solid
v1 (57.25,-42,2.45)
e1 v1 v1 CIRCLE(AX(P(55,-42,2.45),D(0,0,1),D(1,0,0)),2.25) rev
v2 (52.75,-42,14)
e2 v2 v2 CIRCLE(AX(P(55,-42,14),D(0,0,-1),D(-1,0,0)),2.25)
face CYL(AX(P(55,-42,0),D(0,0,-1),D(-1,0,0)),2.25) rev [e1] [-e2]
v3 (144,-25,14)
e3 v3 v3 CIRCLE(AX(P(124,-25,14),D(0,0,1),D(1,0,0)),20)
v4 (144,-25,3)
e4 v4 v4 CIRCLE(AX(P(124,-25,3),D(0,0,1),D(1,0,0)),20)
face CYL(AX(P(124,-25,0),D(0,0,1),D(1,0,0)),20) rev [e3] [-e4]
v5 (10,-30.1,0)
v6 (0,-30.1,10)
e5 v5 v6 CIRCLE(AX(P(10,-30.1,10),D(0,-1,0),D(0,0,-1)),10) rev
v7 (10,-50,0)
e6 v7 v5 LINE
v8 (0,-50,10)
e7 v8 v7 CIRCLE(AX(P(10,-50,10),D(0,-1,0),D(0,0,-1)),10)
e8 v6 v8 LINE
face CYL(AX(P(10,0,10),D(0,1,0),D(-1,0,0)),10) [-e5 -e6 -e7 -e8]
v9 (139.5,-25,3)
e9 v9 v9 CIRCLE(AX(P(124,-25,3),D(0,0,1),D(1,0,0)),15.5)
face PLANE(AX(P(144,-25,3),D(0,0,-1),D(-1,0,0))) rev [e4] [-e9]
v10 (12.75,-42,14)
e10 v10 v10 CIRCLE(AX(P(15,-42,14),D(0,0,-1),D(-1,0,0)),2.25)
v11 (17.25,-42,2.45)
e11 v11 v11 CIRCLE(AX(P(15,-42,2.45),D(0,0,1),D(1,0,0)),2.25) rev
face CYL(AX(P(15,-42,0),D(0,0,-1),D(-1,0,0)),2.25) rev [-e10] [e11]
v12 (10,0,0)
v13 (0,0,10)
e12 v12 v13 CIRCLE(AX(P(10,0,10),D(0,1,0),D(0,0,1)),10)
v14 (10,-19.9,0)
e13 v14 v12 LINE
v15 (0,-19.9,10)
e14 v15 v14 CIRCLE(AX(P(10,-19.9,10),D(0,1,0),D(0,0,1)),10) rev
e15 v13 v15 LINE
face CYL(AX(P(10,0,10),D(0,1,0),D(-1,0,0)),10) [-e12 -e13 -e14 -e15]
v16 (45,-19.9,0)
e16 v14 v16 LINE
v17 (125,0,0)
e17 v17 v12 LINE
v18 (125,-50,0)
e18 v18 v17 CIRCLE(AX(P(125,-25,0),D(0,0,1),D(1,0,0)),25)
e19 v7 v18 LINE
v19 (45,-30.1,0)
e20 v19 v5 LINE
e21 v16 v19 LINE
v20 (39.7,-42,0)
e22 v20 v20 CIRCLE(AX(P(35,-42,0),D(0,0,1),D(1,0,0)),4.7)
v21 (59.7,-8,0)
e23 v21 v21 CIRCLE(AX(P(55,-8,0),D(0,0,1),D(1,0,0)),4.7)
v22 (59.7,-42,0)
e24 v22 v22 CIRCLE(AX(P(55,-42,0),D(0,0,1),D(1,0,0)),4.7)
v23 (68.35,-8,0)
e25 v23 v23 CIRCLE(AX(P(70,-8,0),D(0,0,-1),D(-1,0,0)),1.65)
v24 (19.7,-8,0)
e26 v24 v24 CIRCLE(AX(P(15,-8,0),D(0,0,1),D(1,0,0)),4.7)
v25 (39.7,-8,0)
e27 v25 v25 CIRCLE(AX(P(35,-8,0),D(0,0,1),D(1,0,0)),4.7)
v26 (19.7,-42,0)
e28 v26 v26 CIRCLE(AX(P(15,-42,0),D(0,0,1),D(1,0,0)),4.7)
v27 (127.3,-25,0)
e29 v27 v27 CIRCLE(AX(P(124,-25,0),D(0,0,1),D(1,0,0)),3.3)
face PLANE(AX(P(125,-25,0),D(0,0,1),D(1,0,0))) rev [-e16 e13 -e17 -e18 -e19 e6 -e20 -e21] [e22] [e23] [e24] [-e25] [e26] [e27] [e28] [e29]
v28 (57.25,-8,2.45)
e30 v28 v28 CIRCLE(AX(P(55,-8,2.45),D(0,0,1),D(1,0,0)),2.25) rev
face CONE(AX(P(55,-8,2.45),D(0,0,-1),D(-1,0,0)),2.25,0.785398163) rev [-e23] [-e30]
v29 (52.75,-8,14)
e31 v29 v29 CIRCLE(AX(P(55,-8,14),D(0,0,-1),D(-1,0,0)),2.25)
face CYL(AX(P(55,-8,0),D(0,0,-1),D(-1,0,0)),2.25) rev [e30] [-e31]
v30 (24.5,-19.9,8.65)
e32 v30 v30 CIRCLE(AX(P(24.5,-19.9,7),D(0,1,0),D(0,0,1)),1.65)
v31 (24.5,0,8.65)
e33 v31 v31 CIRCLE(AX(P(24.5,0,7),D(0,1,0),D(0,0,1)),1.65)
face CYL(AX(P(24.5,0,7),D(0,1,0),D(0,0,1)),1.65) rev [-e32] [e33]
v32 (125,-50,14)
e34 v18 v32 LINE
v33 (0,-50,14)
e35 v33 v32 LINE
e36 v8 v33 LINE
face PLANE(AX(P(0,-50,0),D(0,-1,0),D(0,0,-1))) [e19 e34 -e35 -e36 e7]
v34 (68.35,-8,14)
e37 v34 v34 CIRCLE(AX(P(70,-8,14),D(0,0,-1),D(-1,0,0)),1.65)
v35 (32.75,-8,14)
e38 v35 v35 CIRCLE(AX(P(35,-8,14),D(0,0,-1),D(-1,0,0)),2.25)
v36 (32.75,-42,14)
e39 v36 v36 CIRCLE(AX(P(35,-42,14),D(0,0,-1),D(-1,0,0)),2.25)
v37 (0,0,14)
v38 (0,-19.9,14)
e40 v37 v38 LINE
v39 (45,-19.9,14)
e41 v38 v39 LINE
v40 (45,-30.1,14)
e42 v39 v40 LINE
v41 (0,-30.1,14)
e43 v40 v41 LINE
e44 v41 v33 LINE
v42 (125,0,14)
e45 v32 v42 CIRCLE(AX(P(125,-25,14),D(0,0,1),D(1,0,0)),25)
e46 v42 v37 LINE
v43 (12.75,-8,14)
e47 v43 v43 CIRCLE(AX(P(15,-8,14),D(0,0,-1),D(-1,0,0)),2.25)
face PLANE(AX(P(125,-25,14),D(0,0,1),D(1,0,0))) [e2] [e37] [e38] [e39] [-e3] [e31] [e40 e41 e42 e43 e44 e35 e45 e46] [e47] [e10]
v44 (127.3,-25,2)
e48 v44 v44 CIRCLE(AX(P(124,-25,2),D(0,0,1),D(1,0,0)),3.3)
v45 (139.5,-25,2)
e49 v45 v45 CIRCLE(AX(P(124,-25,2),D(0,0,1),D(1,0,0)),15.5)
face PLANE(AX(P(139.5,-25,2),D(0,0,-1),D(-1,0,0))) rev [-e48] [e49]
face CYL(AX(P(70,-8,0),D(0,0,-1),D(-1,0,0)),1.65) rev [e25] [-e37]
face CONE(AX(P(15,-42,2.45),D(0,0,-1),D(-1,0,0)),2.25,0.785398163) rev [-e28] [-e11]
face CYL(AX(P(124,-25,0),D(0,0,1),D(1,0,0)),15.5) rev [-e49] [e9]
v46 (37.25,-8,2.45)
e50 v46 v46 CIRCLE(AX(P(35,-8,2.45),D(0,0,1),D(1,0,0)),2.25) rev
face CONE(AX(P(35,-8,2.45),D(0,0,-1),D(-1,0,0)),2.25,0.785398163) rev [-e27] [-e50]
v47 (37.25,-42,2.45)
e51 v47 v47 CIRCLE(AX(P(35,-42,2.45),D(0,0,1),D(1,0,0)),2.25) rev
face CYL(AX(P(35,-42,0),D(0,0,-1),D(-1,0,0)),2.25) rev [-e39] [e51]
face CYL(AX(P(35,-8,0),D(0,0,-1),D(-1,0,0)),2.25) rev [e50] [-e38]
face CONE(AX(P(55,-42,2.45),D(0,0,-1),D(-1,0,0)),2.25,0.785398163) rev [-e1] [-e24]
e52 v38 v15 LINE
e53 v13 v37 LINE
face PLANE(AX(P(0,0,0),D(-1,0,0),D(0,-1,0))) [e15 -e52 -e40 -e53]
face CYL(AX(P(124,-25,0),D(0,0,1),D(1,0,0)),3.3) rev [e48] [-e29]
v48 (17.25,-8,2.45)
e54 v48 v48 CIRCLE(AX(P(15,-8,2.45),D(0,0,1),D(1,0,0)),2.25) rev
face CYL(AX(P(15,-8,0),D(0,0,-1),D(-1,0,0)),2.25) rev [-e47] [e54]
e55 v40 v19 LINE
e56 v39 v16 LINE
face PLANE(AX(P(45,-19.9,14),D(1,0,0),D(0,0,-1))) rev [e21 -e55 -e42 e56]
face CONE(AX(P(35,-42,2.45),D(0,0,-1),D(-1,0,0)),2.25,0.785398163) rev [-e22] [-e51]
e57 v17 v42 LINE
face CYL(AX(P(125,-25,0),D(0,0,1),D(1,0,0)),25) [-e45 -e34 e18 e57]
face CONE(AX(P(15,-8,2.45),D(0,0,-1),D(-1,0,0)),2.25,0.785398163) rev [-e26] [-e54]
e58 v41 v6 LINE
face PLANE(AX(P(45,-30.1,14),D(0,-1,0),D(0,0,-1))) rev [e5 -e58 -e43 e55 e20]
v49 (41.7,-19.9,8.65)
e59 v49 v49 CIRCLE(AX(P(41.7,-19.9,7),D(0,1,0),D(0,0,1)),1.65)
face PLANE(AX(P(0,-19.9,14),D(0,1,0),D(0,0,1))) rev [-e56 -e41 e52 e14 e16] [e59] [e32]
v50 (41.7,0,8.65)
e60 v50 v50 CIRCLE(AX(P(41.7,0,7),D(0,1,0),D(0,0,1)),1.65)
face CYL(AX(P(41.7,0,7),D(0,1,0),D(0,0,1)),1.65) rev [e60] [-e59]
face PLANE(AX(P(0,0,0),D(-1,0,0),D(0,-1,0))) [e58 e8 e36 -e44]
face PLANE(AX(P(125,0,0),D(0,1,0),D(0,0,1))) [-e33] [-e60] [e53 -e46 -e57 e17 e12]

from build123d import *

# Parameters (mm, degrees)
BOSS_EXTRUDE1_DEPTH       = 14
SKETCH2_W                 = 45
SKETCH2_H                 = 10.2
CUT_EXTRUDE1_DEPTH        = 15
F_4_CLEARANCE_HOLE1_D     = 3.3
F_4_CLEARANCE_HOLE1_DEPTH = 14
F_4_CLEARANCE_HOLE2_D     = 3.3
F_4_CLEARANCE_HOLE2_DEPTH = 19.899999999
F_8_CLEARANCE_HOLE1_D     = 4.5
F_8_CLEARANCE_HOLE1_DEPTH = 14
CHAMFER1_SIZE             = 2.45
FILLET1_R                 = 10


with BuildPart() as part:
    # Sketch1 → Boss-Extrude1 (new body)
    with BuildSketch(Plane.XY.offset(14)):
        with BuildLine():
            Line((125, 0), (0, 0))
            Line((0, 0), (0, -50))
            Line((0, -50), (125, -50))
            ThreePointArc((125, -50), (150, -25), (125, 0))
        make_face()
    extrude(amount=-BOSS_EXTRUDE1_DEPTH)

    # Sketch2 → Cut-Extrude1 (cut, through all)
    with BuildSketch(Plane(origin=(0, 0, 0), x_dir=(-1, 0, 0), z_dir=(0, 0, -1))):
        with Locations((-22.5, -24.999999999)):
            Rectangle(SKETCH2_W, SKETCH2_H)
    extrude(amount=-CUT_EXTRUDE1_DEPTH, mode=Mode.SUBTRACT)

    # Sketch3 → Cut-Revolve1 (revolve, cut)
    with BuildSketch(Plane(origin=(0, -24.999999999, 0), x_dir=(1, 0, 0), z_dir=(0, 1, 0))):
        Polygon((127.3, 0), (123.999999995, 0), (123.999999995, -14), (144, -14), (144, -3), (139.5, -3), (139.5, -2), (127.3, -2), align=None)
    revolve(axis=Axis((123.999999995, -24.999999999, 0), (0, 0, 1)), mode=Mode.SUBTRACT)

    # #4 Clearance Hole1
    with Locations(Plane(origin=(0, 0, 0), x_dir=(-1, 0, 0), z_dir=(0, 0, -1))):
        with Locations((-70, -8)):
            Hole(F_4_CLEARANCE_HOLE1_D / 2, depth=F_4_CLEARANCE_HOLE1_DEPTH)

    # #4 Clearance Hole2
    with Locations(Plane(origin=(0, 0, 0), x_dir=(1, 0, 0), z_dir=(0, 1, 0))):
        with Locations((24.5, -7), (41.7, -7)):
            Hole(F_4_CLEARANCE_HOLE2_D / 2, depth=F_4_CLEARANCE_HOLE2_DEPTH)

    # #8 Clearance Hole1
    with Locations(Plane(origin=(0, 0, 0), x_dir=(-1, 0, 0), z_dir=(0, 0, -1))):
        with Locations((-15, -8), (-15, -42), (-35, -42), (-35, -8), (-55, -8), (-55, -42)):
            Hole(F_8_CLEARANCE_HOLE1_D / 2, depth=F_8_CLEARANCE_HOLE1_DEPTH)

    # Chamfer1
    chamfer1_edges = [part.edges().sort_by_distance(p)[0] for p in [
        (52.75, -42, 0),
        (52.75, -8, 0),
        (32.75, -8, 0),
        (32.75, -42, 0),
        (12.75, -42, 0),
        (12.75, -8, 0),
    ]]
    chamfer(chamfer1_edges, length=CHAMFER1_SIZE)

    # Fillet1
    fillet1_edges = [part.edges().sort_by_distance(p)[0] for p in [
        (0, -9.95, 0),
        (0, -40.05, 0),
    ]]
    fillet(fillet1_edges, radius=FILLET1_R)


solid = part.part
